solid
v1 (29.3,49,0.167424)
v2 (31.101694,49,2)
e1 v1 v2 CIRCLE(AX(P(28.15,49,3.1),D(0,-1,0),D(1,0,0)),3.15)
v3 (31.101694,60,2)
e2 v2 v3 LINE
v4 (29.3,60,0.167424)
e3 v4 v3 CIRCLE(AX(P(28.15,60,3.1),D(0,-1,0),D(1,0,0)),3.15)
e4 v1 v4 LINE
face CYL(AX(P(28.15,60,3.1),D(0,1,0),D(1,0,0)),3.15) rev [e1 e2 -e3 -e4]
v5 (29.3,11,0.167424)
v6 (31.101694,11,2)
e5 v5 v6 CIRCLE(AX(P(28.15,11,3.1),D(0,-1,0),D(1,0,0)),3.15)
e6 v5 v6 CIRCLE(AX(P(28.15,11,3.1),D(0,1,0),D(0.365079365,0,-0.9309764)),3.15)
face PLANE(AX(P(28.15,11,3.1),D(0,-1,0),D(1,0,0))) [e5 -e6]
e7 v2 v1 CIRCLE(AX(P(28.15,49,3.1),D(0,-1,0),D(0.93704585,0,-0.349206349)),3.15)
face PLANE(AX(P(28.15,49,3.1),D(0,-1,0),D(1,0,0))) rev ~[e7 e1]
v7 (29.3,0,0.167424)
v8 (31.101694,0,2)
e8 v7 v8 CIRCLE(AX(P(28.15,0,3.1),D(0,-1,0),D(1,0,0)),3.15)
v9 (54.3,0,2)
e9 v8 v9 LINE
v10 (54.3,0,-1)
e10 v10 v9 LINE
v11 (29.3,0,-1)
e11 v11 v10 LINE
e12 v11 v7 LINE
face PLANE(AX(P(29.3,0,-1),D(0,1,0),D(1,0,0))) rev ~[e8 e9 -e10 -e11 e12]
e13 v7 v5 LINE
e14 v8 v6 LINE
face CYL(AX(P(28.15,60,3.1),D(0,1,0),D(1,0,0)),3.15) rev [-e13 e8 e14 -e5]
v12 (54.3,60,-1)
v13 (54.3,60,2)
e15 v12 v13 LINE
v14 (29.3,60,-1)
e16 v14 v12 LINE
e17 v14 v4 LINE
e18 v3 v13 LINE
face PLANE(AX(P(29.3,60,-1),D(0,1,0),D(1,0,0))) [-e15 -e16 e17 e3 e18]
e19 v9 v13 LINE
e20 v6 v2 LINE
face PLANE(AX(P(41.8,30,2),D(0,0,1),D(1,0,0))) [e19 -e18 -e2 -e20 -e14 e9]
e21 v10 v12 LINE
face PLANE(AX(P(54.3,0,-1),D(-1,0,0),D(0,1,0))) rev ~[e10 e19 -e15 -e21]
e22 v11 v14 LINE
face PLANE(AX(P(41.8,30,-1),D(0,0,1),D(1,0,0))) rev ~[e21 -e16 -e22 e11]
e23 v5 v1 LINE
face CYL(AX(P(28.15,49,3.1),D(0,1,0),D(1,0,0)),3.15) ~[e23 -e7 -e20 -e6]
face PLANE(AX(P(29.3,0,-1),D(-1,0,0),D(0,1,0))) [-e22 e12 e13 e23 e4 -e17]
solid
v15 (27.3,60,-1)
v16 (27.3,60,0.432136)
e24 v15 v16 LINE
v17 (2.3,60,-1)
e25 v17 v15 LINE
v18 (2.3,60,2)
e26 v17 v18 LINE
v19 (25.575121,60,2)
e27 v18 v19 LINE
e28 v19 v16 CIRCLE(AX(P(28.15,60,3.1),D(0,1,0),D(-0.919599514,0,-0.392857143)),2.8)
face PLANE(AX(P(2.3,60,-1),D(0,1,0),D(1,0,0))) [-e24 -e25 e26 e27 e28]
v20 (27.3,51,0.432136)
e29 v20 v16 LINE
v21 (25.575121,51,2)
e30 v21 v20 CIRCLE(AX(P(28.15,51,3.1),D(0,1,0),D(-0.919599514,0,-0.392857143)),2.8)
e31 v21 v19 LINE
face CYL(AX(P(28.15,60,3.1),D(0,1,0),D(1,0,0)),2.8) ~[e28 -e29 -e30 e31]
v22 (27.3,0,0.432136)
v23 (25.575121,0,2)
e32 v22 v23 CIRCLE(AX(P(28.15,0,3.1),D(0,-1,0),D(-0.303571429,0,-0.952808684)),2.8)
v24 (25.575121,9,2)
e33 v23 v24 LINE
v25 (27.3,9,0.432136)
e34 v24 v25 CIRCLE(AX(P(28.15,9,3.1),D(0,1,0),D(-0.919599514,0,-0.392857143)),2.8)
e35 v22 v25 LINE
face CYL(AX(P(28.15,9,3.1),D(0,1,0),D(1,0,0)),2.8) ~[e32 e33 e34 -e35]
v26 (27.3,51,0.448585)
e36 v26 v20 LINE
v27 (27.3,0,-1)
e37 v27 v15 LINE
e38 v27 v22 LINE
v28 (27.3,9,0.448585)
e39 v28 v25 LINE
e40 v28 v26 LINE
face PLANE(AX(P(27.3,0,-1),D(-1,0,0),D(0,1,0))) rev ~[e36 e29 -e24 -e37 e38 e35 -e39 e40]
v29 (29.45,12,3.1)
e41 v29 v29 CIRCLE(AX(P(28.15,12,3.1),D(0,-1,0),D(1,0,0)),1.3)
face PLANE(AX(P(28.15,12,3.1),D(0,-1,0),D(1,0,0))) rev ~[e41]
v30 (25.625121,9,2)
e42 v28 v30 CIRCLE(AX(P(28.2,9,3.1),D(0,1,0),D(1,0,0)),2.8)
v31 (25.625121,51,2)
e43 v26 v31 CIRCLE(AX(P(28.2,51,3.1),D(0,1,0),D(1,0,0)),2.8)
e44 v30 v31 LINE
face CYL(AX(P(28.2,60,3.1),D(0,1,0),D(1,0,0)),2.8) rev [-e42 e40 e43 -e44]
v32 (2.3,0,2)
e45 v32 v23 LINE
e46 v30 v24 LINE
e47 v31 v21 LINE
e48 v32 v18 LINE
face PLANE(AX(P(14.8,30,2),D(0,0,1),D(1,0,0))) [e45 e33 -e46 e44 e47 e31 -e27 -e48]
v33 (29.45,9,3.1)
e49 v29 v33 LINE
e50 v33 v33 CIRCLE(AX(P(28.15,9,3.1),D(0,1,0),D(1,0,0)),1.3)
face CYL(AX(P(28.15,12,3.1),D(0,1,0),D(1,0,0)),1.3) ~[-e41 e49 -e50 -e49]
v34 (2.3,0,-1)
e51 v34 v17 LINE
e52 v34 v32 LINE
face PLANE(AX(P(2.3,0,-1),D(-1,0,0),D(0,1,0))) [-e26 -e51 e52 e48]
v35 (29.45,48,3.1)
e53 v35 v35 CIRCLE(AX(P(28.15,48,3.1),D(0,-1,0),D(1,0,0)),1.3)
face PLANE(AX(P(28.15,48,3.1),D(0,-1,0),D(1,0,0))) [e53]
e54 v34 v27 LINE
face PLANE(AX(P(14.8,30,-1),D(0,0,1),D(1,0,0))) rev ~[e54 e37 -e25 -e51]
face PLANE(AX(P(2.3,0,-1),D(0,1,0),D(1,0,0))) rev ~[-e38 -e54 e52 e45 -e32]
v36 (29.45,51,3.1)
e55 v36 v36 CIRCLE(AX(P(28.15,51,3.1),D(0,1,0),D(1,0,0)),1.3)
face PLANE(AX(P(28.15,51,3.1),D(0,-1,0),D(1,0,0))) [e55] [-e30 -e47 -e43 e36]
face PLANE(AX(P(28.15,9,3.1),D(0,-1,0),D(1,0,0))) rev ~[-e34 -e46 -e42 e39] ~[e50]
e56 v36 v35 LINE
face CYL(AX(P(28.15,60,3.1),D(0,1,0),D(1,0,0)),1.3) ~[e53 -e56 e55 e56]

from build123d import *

# Parameters (mm, degrees)
CYLINDER007_R               = 1.3
CYLINDER007_DEPTH           = 12
CYLINDER007_ROLL_ANGLE      = 90
CYLINDER005_R               = 2.8
CYLINDER005_DEPTH           = 9
CYLINDER005_ROLL_ANGLE      = 90
CYLINDER003_R               = 2.8
CYLINDER003_DEPTH           = 60
CYLINDER003_ROLL_ANGLE      = 90
BOX_W                       = 25
BOX_H                       = 60
BOX_DEPTH                   = 3
CYLINDER004_R               = 2.8
CYLINDER004_DEPTH           = 9
CYLINDER004_ROLL_ANGLE      = 90
CYLINDER006_R               = 1.3
CYLINDER006_DEPTH           = 12
CYLINDER006_ROLL_ANGLE      = 90
CYLINDER001_R               = 1.5
CYLINDER001_DEPTH           = 38
CYLINDER001_ROLL_ANGLE      = -0.287004
CYLINDER001_PITCH_ANGLE     = 73.550491
CYLINDER001_PLACEMENT_ANGLE = -9.744548
CYLINDER_R                  = 3.15
CYLINDER_DEPTH              = 38
CYLINDER_ROLL_ANGLE         = 90
CYLINDER002_R               = 3.15
CYLINDER002_DEPTH           = 60
CYLINDER002_ROLL_ANGLE      = 90
BOX001_W                    = 25
BOX001_H                    = 60
BOX001_DEPTH                = 3


with BuildPart() as cylinder007:
    # Cylinder007 → Cylinder007 (new body)
    with BuildSketch(Plane.XY):
        Circle(CYLINDER007_R)
    extrude(amount=CYLINDER007_DEPTH)


with BuildPart() as cylinder007_1:
    # Cylinder007 roll: moved
    add(cylinder007.part.rotate(Axis((0, 0, 0), (1, 0, 0)), CYLINDER007_ROLL_ANGLE))


with BuildPart() as cylinder007_2:
    # Cylinder007 placement: moved
    add(cylinder007_1.part.moved(Location((28.15, 60, 3.1))))


with BuildPart() as fusion:
    # Cylinder005 → Cylinder005 (new body)
    with BuildSketch(Plane.XY):
        Circle(CYLINDER005_R)
    extrude(amount=CYLINDER005_DEPTH)


with BuildPart() as fusion_1:
    # Cylinder005 roll: moved
    add(fusion.part.rotate(Axis((0, 0, 0), (1, 0, 0)), CYLINDER005_ROLL_ANGLE))


with BuildPart() as fusion_2:
    # Cylinder005 placement: moved
    add(fusion_1.part.moved(Location((28.15, 60, 3.1))))

    # Fusion: union Cylinder007
    add(cylinder007_2.part)


with BuildPart() as cylinder003:
    # Cylinder003 → Cylinder003 (new body)
    with BuildSketch(Plane.XY):
        Circle(CYLINDER003_R)
    extrude(amount=CYLINDER003_DEPTH)


with BuildPart() as cylinder003_1:
    # Cylinder003 roll: moved
    add(cylinder003.part.rotate(Axis((0, 0, 0), (1, 0, 0)), CYLINDER003_ROLL_ANGLE))


with BuildPart() as cylinder003_2:
    # Cylinder003 placement: moved
    add(cylinder003_1.part.moved(Location((28.2, 60, 3.1))))


with BuildPart() as cut002:
    # Box → Box (new body)
    with BuildSketch(Plane(origin=(2.3, 0, -1), x_dir=(1, 0, 0), z_dir=(0, 0, 1))):
        with Locations((12.5, 30)):
            Rectangle(BOX_W, BOX_H)
    extrude(amount=BOX_DEPTH)

    # Cut002: cut Cylinder003
    add(cylinder003_2.part, mode=Mode.SUBTRACT)


with BuildPart() as cylinder004:
    # Cylinder004 → Cylinder004 (new body)
    with BuildSketch(Plane.XY):
        Circle(CYLINDER004_R)
    extrude(amount=CYLINDER004_DEPTH)


with BuildPart() as cylinder004_1:
    # Cylinder004 roll: moved
    add(cylinder004.part.rotate(Axis((0, 0, 0), (1, 0, 0)), CYLINDER004_ROLL_ANGLE))


with BuildPart() as cylinder004_2:
    # Cylinder004 placement: moved
    add(cylinder004_1.part.moved(Location((28.15, 9, 3.1))))


with BuildPart() as fusion002:
    # Cylinder006 → Cylinder006 (new body)
    with BuildSketch(Plane.XY):
        Circle(CYLINDER006_R)
    extrude(amount=CYLINDER006_DEPTH)


with BuildPart() as fusion002_1:
    # Cylinder006 roll: moved
    add(fusion002.part.rotate(Axis((0, 0, 0), (1, 0, 0)), CYLINDER006_ROLL_ANGLE))


with BuildPart() as fusion002_2:
    # Cylinder006 placement: moved
    add(fusion002_1.part.moved(Location((28.15, 12, 3.1))))

    # Fusion001: union Cylinder004
    add(cylinder004_2.part)

    # Fusion002: union Fusion, Cut002
    add(fusion_2.part)
    add(cut002.part)


with BuildPart() as cylinder001:
    # Cylinder001 → Cylinder001 (new body)
    with BuildSketch(Plane.XY):
        Circle(CYLINDER001_R)
    extrude(amount=CYLINDER001_DEPTH)


with BuildPart() as cylinder001_1:
    # Cylinder001 roll: moved
    add(cylinder001.part.rotate(Axis((0, 0, 0), (1, 0, 0)), CYLINDER001_ROLL_ANGLE))


with BuildPart() as cylinder001_2:
    # Cylinder001 pitch: moved
    add(cylinder001_1.part.rotate(Axis((0, 0, 0), (0, 1, 0)), CYLINDER001_PITCH_ANGLE))


with BuildPart() as cylinder001_3:
    # Cylinder001 placement: moved
    add(cylinder001_2.part.moved(Location((77.098368, 2.919036, 17.796417))).rotate(Axis((77.098368, 2.919036, 17.796417), (0, 0, 1)), CYLINDER001_PLACEMENT_ANGLE))


with BuildPart() as cut001:
    # Cylinder → Cylinder (new body)
    with BuildSketch(Plane.XY):
        Circle(CYLINDER_R)
    extrude(amount=CYLINDER_DEPTH)


with BuildPart() as cut001_1:
    # Cylinder roll: moved
    add(cut001.part.rotate(Axis((0, 0, 0), (1, 0, 0)), CYLINDER_ROLL_ANGLE))


with BuildPart() as cut001_2:
    # Cylinder placement: moved
    add(cut001_1.part.moved(Location((28.15, 49, 3.1))))

    # Cut001: cut Cylinder001
    add(cylinder001_3.part, mode=Mode.SUBTRACT)


with BuildPart() as cylinder002:
    # Cylinder002 → Cylinder002 (new body)
    with BuildSketch(Plane.XY):
        Circle(CYLINDER002_R)
    extrude(amount=CYLINDER002_DEPTH)


with BuildPart() as cylinder002_1:
    # Cylinder002 roll: moved
    add(cylinder002.part.rotate(Axis((0, 0, 0), (1, 0, 0)), CYLINDER002_ROLL_ANGLE))


with BuildPart() as cylinder002_2:
    # Cylinder002 placement: moved
    add(cylinder002_1.part.moved(Location((28.15, 60, 3.1))))


with BuildPart() as fusion003:
    # Box001 → Box001 (new body)
    with BuildSketch(Plane(origin=(29.3, 0, -1), x_dir=(1, 0, 0), z_dir=(0, 0, 1))):
        with Locations((12.5, 30)):
            Rectangle(BOX001_W, BOX001_H)
    extrude(amount=BOX001_DEPTH)

    # Cut: cut Cylinder002
    add(cylinder002_2.part, mode=Mode.SUBTRACT)

    # Fusion003: union Cut001
    add(cut001_2.part)


solid = Compound([fusion002_2.part, fusion003.part])
